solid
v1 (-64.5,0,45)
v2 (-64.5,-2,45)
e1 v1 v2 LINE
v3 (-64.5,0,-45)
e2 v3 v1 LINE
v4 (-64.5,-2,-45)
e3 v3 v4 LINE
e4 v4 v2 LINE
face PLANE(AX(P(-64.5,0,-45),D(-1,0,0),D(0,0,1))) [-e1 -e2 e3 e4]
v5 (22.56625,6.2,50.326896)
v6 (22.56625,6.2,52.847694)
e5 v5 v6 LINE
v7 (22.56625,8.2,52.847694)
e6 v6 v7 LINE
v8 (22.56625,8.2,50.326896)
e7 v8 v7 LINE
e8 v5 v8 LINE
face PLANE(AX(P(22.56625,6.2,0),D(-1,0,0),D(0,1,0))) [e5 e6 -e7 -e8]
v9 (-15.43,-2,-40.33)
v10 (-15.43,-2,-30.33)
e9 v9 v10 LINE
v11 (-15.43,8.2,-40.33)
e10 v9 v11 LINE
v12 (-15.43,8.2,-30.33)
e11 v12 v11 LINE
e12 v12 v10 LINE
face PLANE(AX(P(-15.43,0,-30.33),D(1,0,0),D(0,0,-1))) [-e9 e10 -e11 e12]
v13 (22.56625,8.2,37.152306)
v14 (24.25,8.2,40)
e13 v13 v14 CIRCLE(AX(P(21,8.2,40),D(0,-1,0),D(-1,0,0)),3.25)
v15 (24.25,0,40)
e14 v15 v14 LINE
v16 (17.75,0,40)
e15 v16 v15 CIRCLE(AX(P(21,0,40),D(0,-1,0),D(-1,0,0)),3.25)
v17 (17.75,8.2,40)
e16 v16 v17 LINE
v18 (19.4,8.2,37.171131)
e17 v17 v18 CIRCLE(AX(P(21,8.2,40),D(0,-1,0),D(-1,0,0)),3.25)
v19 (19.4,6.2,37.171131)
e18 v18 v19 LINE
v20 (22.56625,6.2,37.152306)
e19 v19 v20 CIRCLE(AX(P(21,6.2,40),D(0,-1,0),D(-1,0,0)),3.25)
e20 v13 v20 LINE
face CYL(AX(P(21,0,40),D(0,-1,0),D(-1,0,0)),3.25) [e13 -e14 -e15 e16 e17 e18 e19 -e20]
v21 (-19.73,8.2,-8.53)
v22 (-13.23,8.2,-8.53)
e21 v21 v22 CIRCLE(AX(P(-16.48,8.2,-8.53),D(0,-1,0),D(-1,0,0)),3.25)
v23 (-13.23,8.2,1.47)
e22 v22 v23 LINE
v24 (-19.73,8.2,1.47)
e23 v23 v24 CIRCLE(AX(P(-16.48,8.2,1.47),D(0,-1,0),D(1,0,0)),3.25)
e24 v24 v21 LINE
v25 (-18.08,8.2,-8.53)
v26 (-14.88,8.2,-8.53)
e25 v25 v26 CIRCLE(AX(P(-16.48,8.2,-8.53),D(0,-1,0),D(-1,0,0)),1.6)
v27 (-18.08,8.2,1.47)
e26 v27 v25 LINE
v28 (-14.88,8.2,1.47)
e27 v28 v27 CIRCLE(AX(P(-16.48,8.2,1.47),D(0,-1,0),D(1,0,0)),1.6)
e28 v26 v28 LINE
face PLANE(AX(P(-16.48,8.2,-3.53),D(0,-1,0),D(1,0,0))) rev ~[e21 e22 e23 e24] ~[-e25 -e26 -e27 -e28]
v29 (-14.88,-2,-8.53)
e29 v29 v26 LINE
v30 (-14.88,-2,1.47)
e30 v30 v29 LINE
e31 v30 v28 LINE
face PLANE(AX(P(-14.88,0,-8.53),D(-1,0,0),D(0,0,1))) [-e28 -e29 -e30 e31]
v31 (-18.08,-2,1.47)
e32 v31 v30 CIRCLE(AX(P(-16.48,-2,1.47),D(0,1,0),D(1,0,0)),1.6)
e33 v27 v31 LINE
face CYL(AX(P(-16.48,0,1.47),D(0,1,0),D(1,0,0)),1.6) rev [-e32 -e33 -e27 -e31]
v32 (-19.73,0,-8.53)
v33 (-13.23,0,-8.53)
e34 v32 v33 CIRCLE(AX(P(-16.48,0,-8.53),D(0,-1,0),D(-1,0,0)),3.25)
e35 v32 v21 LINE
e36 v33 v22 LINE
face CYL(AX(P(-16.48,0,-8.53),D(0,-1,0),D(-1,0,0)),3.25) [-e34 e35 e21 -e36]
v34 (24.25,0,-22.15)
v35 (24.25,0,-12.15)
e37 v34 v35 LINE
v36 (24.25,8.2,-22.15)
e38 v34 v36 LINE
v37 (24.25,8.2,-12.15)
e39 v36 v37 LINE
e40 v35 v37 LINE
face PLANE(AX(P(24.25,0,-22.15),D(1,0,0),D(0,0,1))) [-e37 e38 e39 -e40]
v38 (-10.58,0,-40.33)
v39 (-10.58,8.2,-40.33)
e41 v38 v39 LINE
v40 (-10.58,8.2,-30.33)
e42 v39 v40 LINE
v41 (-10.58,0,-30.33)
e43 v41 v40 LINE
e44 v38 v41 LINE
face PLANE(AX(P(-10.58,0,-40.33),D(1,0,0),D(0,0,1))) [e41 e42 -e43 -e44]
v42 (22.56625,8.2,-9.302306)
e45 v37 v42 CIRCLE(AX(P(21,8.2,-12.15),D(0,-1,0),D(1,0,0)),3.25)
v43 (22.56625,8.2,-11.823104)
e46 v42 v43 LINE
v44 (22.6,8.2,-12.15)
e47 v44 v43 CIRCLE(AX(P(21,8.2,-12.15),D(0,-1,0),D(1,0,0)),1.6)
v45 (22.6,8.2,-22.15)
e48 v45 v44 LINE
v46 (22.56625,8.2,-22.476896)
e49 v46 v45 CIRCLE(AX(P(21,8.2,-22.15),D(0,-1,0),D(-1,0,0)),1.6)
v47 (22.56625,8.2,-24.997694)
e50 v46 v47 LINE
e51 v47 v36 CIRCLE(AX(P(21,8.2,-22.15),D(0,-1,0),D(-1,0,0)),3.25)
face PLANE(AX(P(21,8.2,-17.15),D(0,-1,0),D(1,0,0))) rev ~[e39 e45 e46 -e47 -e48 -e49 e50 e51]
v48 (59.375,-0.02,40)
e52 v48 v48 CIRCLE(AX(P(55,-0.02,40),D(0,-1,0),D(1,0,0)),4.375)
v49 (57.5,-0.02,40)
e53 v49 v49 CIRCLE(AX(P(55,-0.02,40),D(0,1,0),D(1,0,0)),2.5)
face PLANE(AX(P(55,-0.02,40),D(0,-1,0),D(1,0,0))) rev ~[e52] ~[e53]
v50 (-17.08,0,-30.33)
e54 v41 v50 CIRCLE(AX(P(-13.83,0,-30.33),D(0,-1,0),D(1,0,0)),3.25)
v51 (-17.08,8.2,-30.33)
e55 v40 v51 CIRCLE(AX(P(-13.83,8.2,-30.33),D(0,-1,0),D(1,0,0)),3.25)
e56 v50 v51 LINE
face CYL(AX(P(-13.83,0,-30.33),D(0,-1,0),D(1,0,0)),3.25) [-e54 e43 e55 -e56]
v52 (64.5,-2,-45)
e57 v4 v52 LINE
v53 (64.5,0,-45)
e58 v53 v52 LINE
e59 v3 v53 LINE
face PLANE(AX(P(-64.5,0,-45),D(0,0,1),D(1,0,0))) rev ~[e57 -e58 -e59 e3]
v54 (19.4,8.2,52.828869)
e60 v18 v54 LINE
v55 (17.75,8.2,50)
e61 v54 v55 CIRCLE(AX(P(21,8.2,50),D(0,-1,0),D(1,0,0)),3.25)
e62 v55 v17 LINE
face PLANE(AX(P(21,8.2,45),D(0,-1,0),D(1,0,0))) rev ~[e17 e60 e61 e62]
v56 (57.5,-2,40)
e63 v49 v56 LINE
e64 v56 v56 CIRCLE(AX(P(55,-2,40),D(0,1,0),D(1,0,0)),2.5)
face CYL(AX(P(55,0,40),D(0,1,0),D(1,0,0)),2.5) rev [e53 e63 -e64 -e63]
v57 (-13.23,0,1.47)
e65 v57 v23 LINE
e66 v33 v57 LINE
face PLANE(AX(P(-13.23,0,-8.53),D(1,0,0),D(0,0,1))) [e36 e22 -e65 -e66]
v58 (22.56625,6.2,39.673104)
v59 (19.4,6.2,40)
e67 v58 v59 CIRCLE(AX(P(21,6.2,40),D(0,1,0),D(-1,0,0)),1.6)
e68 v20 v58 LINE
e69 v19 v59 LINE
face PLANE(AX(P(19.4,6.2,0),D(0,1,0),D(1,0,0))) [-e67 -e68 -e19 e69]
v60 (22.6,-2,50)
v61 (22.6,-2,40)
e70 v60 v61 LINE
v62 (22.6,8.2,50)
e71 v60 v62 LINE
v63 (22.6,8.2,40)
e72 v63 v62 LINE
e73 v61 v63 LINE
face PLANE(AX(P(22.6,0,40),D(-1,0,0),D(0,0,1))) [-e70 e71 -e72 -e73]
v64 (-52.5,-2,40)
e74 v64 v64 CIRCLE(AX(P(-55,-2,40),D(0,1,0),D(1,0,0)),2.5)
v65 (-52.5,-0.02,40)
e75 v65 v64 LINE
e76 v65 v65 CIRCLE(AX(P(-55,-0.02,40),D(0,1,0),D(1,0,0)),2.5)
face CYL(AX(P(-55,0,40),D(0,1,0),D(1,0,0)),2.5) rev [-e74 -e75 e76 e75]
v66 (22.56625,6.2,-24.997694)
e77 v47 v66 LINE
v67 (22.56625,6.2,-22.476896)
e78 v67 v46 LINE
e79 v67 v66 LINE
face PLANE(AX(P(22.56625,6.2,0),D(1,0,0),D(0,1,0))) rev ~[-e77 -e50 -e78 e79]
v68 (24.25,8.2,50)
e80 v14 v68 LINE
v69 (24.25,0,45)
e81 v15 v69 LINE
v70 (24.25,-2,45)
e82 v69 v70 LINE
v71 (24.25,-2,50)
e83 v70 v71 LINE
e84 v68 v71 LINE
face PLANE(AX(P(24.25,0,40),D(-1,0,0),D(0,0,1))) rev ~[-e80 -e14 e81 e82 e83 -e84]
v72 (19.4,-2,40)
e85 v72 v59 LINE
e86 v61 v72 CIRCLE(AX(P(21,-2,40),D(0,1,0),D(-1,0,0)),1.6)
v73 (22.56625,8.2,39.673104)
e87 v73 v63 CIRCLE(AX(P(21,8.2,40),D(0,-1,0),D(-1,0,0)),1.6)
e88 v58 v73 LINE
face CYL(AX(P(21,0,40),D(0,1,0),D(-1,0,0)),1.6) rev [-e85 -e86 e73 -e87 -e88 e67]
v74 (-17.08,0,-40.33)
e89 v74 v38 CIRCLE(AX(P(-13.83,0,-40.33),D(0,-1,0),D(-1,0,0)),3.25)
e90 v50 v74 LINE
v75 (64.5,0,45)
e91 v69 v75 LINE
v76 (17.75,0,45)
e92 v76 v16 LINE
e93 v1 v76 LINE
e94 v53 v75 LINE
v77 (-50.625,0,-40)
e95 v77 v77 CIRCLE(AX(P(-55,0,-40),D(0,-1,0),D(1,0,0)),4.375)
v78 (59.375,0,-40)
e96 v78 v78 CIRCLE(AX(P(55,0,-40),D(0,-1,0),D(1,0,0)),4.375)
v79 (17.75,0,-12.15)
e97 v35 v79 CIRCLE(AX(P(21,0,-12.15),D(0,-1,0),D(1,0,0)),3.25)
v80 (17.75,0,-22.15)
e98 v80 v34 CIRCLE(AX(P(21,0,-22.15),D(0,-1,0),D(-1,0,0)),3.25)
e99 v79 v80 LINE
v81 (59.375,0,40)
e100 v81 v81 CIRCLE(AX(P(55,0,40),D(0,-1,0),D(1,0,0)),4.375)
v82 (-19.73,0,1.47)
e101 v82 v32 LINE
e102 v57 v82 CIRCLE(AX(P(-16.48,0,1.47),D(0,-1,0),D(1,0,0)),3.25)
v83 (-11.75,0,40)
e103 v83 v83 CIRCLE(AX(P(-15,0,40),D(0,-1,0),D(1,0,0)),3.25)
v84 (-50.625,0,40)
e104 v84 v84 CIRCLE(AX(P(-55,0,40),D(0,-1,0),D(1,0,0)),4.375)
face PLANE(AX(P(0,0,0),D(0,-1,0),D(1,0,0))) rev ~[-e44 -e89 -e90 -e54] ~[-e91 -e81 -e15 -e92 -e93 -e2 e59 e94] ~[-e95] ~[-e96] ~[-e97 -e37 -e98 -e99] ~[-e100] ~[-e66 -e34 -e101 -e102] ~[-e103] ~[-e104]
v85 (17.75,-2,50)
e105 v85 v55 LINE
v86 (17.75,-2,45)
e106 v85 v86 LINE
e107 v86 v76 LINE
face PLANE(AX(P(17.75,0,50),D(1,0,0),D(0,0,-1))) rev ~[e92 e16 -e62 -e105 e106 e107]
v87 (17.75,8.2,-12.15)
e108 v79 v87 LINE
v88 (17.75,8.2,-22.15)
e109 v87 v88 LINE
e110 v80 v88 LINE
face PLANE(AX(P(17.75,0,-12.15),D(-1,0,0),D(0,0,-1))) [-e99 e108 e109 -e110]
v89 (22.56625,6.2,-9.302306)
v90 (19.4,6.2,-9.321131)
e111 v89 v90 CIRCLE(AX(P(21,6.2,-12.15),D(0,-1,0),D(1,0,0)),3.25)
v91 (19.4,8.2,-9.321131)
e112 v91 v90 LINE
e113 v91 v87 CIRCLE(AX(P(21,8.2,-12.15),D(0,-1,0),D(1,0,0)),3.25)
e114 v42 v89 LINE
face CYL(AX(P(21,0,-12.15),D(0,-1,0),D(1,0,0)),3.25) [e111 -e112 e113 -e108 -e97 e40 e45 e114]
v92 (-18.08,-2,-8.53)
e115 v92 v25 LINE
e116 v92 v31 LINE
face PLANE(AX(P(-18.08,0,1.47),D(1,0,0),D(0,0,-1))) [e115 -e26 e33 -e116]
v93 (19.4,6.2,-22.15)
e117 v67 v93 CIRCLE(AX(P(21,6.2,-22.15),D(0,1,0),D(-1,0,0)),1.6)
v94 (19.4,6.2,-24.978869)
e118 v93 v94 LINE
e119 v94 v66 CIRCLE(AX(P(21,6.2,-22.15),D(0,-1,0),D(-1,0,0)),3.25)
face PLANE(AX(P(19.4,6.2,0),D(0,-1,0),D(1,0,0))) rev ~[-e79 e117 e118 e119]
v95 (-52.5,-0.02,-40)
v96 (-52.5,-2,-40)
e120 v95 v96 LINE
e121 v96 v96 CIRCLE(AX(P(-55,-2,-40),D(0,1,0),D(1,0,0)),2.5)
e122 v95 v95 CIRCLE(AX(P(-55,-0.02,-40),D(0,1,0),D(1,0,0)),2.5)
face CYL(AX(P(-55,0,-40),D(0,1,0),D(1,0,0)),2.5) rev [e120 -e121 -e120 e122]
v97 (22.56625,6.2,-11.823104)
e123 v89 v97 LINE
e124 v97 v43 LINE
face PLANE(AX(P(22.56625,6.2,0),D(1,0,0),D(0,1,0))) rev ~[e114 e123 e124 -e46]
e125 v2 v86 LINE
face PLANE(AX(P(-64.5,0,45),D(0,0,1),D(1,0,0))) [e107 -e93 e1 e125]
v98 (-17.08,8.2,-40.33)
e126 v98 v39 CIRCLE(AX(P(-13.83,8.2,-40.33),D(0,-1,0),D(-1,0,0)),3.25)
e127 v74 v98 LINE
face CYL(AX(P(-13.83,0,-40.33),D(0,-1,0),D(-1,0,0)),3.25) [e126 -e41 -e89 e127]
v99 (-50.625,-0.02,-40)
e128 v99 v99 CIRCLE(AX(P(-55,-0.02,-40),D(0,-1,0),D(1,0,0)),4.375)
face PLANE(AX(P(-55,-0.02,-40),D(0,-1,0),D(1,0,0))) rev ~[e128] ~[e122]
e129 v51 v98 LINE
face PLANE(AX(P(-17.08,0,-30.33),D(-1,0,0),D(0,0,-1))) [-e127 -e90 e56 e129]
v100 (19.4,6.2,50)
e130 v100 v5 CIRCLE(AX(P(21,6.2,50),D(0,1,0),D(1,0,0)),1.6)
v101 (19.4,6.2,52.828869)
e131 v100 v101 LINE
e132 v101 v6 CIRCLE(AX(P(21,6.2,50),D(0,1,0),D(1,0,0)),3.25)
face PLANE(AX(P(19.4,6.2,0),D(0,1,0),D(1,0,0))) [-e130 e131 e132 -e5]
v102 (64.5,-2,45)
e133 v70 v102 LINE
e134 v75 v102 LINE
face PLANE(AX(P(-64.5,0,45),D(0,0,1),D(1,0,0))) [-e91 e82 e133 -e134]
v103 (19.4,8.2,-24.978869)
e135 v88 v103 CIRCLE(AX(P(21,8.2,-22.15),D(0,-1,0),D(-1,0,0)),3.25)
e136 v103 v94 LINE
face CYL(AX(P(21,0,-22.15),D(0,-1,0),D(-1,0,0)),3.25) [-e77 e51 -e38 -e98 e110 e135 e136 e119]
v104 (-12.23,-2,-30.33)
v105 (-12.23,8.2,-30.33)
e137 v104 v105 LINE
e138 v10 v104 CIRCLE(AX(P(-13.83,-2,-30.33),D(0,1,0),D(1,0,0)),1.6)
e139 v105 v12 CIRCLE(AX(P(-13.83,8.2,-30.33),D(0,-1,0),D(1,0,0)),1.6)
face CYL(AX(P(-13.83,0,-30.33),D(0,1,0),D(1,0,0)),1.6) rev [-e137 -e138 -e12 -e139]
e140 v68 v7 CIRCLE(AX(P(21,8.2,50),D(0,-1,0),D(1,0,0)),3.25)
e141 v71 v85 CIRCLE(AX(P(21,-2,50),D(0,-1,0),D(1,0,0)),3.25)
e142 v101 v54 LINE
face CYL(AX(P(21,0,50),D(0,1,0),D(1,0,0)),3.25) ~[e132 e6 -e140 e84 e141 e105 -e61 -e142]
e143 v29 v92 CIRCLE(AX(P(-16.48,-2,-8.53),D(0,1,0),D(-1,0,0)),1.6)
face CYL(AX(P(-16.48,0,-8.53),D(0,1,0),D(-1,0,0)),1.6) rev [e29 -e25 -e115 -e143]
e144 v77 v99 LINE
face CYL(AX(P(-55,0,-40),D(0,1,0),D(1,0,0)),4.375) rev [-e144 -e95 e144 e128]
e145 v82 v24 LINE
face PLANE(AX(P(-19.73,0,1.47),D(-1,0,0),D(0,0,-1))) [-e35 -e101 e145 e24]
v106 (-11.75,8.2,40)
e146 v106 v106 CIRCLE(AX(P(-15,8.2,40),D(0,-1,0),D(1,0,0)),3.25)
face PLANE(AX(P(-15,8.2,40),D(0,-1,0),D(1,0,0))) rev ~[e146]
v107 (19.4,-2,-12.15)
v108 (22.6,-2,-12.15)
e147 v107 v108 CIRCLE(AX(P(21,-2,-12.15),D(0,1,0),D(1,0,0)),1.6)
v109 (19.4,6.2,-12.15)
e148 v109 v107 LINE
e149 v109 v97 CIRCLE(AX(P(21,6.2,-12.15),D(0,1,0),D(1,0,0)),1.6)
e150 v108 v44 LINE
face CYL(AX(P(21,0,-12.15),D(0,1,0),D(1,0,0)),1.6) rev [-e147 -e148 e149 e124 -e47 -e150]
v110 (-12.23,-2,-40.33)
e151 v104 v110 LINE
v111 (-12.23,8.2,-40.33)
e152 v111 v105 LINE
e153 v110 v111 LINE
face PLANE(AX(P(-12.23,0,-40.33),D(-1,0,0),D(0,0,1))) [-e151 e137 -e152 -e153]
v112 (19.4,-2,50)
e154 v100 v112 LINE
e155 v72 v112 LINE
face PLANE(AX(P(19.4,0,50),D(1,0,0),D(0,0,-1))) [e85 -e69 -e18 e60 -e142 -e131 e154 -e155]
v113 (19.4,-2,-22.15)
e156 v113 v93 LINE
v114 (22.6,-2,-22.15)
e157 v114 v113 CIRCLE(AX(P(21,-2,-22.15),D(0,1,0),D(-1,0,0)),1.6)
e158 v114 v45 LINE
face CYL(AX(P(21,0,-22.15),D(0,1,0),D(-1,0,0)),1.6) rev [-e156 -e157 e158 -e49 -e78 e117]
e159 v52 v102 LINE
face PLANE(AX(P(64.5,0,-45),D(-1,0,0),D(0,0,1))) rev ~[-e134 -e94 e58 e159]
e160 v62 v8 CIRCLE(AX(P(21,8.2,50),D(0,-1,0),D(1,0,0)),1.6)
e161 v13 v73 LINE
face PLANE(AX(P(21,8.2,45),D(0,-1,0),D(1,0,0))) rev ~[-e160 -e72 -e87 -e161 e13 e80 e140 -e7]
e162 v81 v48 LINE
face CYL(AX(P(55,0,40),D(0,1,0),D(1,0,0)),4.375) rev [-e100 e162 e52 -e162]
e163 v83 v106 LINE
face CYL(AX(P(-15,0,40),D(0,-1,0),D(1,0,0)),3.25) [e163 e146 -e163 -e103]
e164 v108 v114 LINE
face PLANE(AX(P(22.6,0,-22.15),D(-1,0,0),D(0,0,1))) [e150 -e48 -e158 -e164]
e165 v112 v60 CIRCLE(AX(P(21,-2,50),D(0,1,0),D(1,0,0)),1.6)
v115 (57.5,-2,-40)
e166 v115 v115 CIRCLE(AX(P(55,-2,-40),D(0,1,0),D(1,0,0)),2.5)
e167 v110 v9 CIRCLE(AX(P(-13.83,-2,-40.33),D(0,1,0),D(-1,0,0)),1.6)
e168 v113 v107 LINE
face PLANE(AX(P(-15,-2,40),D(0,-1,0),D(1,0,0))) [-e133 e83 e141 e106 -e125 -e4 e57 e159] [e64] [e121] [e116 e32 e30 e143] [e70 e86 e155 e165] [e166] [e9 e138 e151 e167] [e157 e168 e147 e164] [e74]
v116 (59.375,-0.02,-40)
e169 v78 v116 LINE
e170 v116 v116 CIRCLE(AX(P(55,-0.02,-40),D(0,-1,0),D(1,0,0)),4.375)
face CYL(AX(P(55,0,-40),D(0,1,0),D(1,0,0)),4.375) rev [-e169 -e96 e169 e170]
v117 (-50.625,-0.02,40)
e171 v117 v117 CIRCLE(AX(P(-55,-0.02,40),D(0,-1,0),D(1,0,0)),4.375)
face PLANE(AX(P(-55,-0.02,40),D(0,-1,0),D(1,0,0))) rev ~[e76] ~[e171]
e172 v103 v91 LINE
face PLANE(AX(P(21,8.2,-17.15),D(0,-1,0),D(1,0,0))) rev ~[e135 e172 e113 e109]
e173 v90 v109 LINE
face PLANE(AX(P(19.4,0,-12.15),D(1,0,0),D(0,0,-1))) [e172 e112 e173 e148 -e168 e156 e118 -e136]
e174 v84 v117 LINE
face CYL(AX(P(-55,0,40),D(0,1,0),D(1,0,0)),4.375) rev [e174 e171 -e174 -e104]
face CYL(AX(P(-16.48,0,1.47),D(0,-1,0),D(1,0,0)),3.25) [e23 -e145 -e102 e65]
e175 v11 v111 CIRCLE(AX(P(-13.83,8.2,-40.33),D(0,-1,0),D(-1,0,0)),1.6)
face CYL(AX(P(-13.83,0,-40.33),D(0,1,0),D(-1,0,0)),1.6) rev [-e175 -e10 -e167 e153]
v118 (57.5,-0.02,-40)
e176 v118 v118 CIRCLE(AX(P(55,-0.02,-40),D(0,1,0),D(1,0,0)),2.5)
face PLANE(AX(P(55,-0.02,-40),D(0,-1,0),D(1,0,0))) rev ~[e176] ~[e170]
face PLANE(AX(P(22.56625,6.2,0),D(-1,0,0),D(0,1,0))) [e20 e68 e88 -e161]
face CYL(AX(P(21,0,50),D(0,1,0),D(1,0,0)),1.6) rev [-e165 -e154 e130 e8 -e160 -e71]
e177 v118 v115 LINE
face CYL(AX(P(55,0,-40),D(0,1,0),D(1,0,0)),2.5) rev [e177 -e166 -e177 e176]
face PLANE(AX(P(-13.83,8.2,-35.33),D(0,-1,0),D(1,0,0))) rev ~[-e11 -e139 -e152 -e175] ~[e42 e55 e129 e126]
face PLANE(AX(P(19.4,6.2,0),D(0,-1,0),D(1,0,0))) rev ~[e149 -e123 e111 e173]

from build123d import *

# Parameters (mm, degrees)
SKETCH_W             = 129
SKETCH_H             = 90
PAD_DEPTH            = 2
SKETCH001_R          = 2.5
POCKET_DEPTH         = 2.001
SKETCH002_R          = 4.375
POCKET001_DEPTH      = 0.02
SKETCH003_R          = 3.25
PAD001_DEPTH         = 8.2
PAD001_DEPTH_BACK    = -2
POCKET002_DEPTH      = 10
POCKET002_DEPTH_BACK = -5
SKETCH005_W          = 3.16625
SKETCH005_H          = 2
POCKET003_DEPTH      = 45.001
POCKET004_DEPTH      = 53.251


with BuildPart() as part:
    # Sketch → Pad (new body)
    with BuildSketch(Plane.XZ):
        Rectangle(SKETCH_W, SKETCH_H)
    extrude(amount=PAD_DEPTH)

    # Sketch001 → Pocket (cut, through all)
    with BuildSketch(Plane.XZ):
        with Locations((55, 40)):
            Circle(SKETCH001_R)
        with Locations((-55, 40)):
            Circle(SKETCH001_R)
        with Locations((55, -40)):
            Circle(SKETCH001_R)
        with Locations((-55, -40)):
            Circle(SKETCH001_R)
    extrude(amount=POCKET_DEPTH, mode=Mode.SUBTRACT)

    # Sketch002 → Pocket001 (cut)
    with BuildSketch(Plane.XZ):
        with Locations((55, 40)):
            Circle(SKETCH002_R)
        with Locations((-55, 40)):
            Circle(SKETCH002_R)
        with Locations((55, -40)):
            Circle(SKETCH002_R)
        with Locations((-55, -40)):
            Circle(SKETCH002_R)
    extrude(amount=POCKET001_DEPTH, mode=Mode.SUBTRACT)

    # Sketch003 → Pad001 (join, two sides)
    with BuildSketch(Plane.XZ) as pad001_sk:
        with Locations((-15, 40)):
            Circle(SKETCH003_R)
        with BuildLine():
            ThreePointArc((24.25, 50), (21, 53.25), (17.75, 50))
            Line((17.75, 50), (17.75, 40))
            ThreePointArc((17.75, 40), (21, 36.75), (24.25, 40))
            Line((24.25, 40), (24.25, 50))
        make_face()
        with BuildLine():
            ThreePointArc((-13.23, 1.47), (-16.48, 4.72), (-19.73, 1.47))
            Line((-19.73, 1.47), (-19.73, -8.53))
            ThreePointArc((-19.73, -8.53), (-16.48, -11.78), (-13.23, -8.53))
            Line((-13.23, -8.53), (-13.23, 1.47))
        make_face()
        with BuildLine():
            ThreePointArc((-10.58, -30.33), (-13.83, -27.08), (-17.08, -30.33))
            Line((-17.08, -30.33), (-17.08, -40.33))
            ThreePointArc((-17.08, -40.33), (-13.83, -43.58), (-10.58, -40.33))
            Line((-10.58, -40.33), (-10.58, -30.33))
        make_face()
        with BuildLine():
            ThreePointArc((24.25, -12.15), (21, -8.9), (17.75, -12.15))
            Line((17.75, -12.15), (17.75, -22.15))
            ThreePointArc((17.75, -22.15), (21, -25.4), (24.25, -22.15))
            Line((24.25, -22.15), (24.25, -12.15))
        make_face()
    extrude(amount=-PAD001_DEPTH)
    extrude(pad001_sk.sketch, amount=-PAD001_DEPTH_BACK)

    # Sketch004 → Pocket002 (cut, two sides)
    with BuildSketch(Plane.XZ) as pocket002_sk:
        with BuildLine():
            ThreePointArc((22.6, 50), (21, 51.6), (19.4, 50))
            Line((19.4, 50), (19.4, 40))
            ThreePointArc((19.4, 40), (21, 38.4), (22.6, 40))
            Line((22.6, 40), (22.6, 50))
        make_face()
        with BuildLine():
            ThreePointArc((-14.88, 1.47), (-16.48, 3.07), (-18.08, 1.47))
            Line((-18.08, 1.47), (-18.08, -8.53))
            ThreePointArc((-18.08, -8.53), (-16.48, -10.13), (-14.88, -8.53))
            Line((-14.88, -8.53), (-14.88, 1.47))
        make_face()
        with BuildLine():
            ThreePointArc((-12.23, -30.33), (-13.83, -28.73), (-15.43, -30.33))
            Line((-15.43, -30.33), (-15.43, -40.33))
            ThreePointArc((-15.43, -40.33), (-13.83, -41.93), (-12.23, -40.33))
            Line((-12.23, -40.33), (-12.23, -30.33))
        make_face()
        with BuildLine():
            ThreePointArc((22.6, -12.15), (21, -10.55), (19.4, -12.15))
            Line((19.4, -12.15), (19.4, -22.15))
            ThreePointArc((19.4, -22.15), (21, -23.75), (22.6, -22.15))
            Line((22.6, -22.15), (22.6, -12.15))
        make_face()
    extrude(amount=-POCKET002_DEPTH, mode=Mode.SUBTRACT)
    extrude(pocket002_sk.sketch, amount=-POCKET002_DEPTH_BACK, mode=Mode.SUBTRACT)

    # Sketch005 → Pocket003 (cut, through all)
    with BuildSketch(Plane.XY):
        with Locations((20.983125, 7.2)):
            Rectangle(SKETCH005_W, SKETCH005_H)
    extrude(amount=-POCKET003_DEPTH, mode=Mode.SUBTRACT)

    # Sketch005 → Pocket004 (cut, through all)
    with BuildSketch(Plane.XY):
        with Locations((20.983125, 7.2)):
            Rectangle(SKETCH005_W, SKETCH005_H)
    extrude(amount=POCKET004_DEPTH, mode=Mode.SUBTRACT)


solid = part.part
